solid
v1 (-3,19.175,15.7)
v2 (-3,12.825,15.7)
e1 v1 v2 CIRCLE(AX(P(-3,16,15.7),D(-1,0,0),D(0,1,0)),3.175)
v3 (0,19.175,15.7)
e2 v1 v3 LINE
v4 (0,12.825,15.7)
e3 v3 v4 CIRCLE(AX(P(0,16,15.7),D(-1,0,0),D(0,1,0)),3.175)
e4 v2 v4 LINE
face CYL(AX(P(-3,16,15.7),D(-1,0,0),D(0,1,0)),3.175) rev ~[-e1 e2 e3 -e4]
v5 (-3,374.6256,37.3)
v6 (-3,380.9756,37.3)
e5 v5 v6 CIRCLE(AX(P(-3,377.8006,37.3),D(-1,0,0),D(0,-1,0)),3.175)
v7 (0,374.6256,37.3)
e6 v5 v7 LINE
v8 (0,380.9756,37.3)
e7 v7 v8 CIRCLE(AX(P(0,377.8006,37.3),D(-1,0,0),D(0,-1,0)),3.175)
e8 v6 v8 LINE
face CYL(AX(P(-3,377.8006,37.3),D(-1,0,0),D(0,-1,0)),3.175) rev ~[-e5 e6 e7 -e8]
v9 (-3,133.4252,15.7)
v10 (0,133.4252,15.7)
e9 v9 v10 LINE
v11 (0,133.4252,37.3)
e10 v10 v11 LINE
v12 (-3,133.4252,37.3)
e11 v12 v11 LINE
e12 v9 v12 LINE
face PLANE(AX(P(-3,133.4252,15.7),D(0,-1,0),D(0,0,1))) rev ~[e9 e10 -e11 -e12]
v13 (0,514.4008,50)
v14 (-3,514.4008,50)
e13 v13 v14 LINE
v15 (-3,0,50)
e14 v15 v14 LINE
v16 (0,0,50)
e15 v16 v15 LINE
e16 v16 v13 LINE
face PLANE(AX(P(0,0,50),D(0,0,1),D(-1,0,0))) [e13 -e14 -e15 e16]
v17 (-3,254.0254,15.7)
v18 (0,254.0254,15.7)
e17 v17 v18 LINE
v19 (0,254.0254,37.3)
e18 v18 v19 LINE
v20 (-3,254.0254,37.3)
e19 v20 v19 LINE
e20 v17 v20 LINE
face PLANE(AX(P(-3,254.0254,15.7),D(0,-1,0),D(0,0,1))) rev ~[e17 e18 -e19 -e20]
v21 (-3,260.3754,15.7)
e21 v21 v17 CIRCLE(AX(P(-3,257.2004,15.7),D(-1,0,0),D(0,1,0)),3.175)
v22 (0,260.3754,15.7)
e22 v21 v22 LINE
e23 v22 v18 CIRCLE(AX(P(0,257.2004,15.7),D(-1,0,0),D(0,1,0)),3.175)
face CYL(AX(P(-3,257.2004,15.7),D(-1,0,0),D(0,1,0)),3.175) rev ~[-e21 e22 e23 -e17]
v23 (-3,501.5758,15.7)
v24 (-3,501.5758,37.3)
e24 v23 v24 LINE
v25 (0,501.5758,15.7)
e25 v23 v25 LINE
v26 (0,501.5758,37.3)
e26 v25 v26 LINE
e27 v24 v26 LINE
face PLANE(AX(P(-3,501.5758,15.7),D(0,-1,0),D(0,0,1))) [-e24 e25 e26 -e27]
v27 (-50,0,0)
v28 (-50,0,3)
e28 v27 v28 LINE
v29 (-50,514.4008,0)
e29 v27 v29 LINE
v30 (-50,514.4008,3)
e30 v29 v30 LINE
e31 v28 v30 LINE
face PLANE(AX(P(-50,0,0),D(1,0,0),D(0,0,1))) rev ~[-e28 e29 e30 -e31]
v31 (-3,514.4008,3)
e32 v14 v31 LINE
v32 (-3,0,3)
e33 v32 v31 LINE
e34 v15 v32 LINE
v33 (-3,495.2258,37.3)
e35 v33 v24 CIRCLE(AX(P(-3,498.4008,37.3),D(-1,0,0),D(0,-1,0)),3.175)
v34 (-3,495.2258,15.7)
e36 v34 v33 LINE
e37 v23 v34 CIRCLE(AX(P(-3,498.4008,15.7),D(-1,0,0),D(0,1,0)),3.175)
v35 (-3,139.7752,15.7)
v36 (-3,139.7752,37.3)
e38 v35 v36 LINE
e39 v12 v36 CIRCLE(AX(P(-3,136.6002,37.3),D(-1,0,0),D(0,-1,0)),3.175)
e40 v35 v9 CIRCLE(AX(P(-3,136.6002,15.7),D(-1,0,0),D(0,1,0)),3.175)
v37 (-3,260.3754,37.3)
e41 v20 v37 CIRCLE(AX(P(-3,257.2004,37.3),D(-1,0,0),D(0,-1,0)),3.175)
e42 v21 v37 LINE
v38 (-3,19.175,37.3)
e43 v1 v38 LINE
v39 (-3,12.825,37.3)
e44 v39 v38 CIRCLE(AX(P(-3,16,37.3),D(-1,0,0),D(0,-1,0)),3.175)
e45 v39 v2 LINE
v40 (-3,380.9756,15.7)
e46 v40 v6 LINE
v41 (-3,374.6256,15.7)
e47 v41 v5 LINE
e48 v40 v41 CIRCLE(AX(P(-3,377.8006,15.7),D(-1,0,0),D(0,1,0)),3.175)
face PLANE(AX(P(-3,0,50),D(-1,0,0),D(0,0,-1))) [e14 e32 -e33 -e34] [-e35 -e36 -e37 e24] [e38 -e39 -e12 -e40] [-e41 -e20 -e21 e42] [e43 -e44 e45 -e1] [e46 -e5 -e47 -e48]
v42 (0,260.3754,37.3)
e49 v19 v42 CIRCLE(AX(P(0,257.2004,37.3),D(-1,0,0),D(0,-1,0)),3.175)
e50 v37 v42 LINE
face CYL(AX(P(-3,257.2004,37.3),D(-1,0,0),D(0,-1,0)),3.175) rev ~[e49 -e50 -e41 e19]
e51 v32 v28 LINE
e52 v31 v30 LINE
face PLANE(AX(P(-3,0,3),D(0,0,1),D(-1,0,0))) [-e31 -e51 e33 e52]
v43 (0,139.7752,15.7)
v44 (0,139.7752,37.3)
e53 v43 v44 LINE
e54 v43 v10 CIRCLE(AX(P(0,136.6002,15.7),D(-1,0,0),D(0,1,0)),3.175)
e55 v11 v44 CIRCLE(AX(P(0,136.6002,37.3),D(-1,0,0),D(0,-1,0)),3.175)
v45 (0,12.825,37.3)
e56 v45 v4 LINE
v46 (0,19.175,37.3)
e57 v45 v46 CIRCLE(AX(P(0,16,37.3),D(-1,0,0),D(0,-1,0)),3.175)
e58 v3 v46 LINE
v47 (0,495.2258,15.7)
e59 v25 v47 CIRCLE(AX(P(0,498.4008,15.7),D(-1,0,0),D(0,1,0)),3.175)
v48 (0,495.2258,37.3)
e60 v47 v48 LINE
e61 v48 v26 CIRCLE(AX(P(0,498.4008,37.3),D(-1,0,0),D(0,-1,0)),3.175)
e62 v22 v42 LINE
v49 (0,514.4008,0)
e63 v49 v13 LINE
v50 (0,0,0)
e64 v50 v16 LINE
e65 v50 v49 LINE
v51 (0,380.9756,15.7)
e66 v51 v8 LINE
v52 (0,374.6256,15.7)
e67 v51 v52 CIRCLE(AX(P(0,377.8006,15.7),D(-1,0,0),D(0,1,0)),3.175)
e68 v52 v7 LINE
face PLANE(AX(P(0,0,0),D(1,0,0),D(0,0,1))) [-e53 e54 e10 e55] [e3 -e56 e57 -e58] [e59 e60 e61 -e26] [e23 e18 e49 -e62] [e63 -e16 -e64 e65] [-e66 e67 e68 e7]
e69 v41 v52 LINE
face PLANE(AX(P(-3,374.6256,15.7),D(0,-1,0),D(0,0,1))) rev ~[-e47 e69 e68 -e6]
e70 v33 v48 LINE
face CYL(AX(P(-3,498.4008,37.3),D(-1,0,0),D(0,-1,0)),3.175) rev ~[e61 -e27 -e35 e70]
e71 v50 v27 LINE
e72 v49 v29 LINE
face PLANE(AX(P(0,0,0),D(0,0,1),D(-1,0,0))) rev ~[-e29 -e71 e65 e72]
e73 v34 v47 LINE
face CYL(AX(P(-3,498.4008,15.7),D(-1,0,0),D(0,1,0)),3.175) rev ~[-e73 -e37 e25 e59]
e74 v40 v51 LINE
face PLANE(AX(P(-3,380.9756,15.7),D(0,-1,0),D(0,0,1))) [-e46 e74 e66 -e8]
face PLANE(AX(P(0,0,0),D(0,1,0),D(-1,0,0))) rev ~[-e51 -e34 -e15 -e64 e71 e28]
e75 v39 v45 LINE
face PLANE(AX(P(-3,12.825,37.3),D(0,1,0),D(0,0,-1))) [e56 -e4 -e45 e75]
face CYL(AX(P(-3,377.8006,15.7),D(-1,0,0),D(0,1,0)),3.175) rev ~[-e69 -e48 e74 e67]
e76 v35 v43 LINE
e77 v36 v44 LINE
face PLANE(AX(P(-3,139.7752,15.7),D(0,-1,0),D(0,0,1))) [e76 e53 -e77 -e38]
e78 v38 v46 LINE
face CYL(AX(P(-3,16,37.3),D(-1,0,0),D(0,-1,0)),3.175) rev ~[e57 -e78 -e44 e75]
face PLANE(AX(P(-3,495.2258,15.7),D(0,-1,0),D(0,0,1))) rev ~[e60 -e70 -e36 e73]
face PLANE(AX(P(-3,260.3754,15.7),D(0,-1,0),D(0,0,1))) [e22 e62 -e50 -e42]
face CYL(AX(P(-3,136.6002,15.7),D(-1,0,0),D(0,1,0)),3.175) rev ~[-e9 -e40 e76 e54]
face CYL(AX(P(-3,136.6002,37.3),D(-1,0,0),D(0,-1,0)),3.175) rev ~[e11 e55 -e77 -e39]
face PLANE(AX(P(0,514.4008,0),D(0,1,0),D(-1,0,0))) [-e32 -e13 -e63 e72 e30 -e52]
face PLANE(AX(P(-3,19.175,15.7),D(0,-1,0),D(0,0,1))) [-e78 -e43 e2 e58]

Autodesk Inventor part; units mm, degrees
ref_plane "YZ Plane" through (0, 0, 0) normal (1, 0, 0) x (0, 1, 0)
ref_plane "XZ Plane" through (0, 0, 0) normal (0, 1, 0) x (-1, 0, 0)
ref_plane "XY Plane" through (0, 0, 0) normal (0, 0, 1) x (1, 0, 0)
sketch "Sketch1" plane through (0, 0, 0) normal (0, 1, 0) x (-1, 0, 0)
  line L0 (0, 0) -> (50, 0)
  line L1 (50, 0) -> (50, 3)
  line L2 (0, 0) -> (0, 50)
  line L3 (0, 50) -> (3, 50)
  line L4 (3, 50) -> (3, 3)
  line L5 (3, 3) -> (50, 3)
  dimension "d0" = 50
  dimension "d1" = 3
  dimension "d2" = 50
  dimension "d3" = 3
extrude "Extrusion1" add sketch "Sketch1" along normal blind 514.4008
sketch "Sketch2" plane through (-3, 0, 3) normal (-1, 0, 0) x (0, 0, 1)
  line L0 (0, 514.4008) -> (47, 514.4008) projected
  line L1 (0, 0) -> (47, 0) projected
  line L2 (47, 0) -> (47, 514.4008) projected
  line L3 (0, 0) -> (0, 514.4008) projected
  line L4 (-3, 0) -> (-3, 514.4008) projected
  line L5 (-3, 0) -> (0, 0) projected
  line L6 (-3, 514.4008) -> (0, 514.4008) projected
  line L7 (12.7, 498.4008) -> (34.3, 498.4008) construction
  line L8 (12.7, 501.5758) -> (34.3, 501.5758)
  line L9 (12.7, 495.2258) -> (34.3, 495.2258)
  arc A0 (12.7, 501.5758) -> (12.7, 495.2258) centre (12.7, 498.4008) ccw
  arc A1 (34.3, 495.2258) -> (34.3, 501.5758) centre (34.3, 498.4008) ccw
  line L10 (12.7, 19.175) -> (34.3, 19.175)
  line L11 (34.3, 12.825) -> (12.7, 12.825)
  line L12 (12.7, 16) -> (34.3, 16) construction
  arc A2 (12.7, 19.175) -> (12.7, 12.825) centre (12.7, 16) ccw
  arc A3 (34.3, 12.825) -> (34.3, 19.175) centre (34.3, 16) ccw
  line L13 (12.7, 136.6002) -> (34.3, 136.6002) construction
  line L14 (12.7, 139.7752) -> (34.3, 139.7752)
  line L15 (12.7, 133.4252) -> (34.3, 133.4252)
  arc A4 (12.7, 139.7752) -> (12.7, 133.4252) centre (12.7, 136.6002) ccw
  arc A5 (34.3, 133.4252) -> (34.3, 139.7752) centre (34.3, 136.6002) ccw
  line L16 (12.7, 377.8006) -> (34.3, 377.8006) construction
  line L17 (12.7, 380.9756) -> (34.3, 380.9756)
  line L18 (12.7, 374.6256) -> (34.3, 374.6256)
  arc A6 (12.7, 380.9756) -> (12.7, 374.6256) centre (12.7, 377.8006) ccw
  arc A7 (34.3, 374.6256) -> (34.3, 380.9756) centre (34.3, 377.8006) ccw
  line L19 (12.7, 257.2004) -> (34.3, 257.2004) construction
  line L20 (12.7, 260.3754) -> (34.3, 260.3754)
  line L21 (12.7, 254.0254) -> (34.3, 254.0254)
  arc A8 (12.7, 260.3754) -> (12.7, 254.0254) centre (12.7, 257.2004) ccw
  arc A9 (34.3, 254.0254) -> (34.3, 260.3754) centre (34.3, 257.2004) ccw
  dimension "d58" = 12.7
  dimension "d59" = 12.7
  dimension "d60" = 3.175
  dimension "d61" = 6.35
  dimension "d62" = 6.35
  dimension "d63" = 3.175
  dimension "d70" = 16
  dimension "d73" = 16
  dimension "d74" = 3.175
  dimension "d75" = 6.35
  dimension "d76" = 3.175
  dimension "d77" = 6.35
  dimension "d78" = 3.175
  dimension "d79" = 6.35
  dimension "d80" = 482.4008
  dimension "d81" = 120.6002
  dimension "d82" = 120.6002
  dimension "d83" = 120.6002
extrude "Extrusion3" cut sketch "Sketch2" against normal blind 3 contours L8 A1 L9 A0 | L10 A3 L11 A2 | L14 A5 L15 A4 | L17 A7 L18 A6 | L20 A9 L21 A8
equation "\"d73\" = d70"
equation "\"d81\" = 0.25 * d80"
equation "\"d82\" = d81"
equation "\"d83\" = d82"
properties part number "26in Angle Channel" material "Aluminum 6061"
